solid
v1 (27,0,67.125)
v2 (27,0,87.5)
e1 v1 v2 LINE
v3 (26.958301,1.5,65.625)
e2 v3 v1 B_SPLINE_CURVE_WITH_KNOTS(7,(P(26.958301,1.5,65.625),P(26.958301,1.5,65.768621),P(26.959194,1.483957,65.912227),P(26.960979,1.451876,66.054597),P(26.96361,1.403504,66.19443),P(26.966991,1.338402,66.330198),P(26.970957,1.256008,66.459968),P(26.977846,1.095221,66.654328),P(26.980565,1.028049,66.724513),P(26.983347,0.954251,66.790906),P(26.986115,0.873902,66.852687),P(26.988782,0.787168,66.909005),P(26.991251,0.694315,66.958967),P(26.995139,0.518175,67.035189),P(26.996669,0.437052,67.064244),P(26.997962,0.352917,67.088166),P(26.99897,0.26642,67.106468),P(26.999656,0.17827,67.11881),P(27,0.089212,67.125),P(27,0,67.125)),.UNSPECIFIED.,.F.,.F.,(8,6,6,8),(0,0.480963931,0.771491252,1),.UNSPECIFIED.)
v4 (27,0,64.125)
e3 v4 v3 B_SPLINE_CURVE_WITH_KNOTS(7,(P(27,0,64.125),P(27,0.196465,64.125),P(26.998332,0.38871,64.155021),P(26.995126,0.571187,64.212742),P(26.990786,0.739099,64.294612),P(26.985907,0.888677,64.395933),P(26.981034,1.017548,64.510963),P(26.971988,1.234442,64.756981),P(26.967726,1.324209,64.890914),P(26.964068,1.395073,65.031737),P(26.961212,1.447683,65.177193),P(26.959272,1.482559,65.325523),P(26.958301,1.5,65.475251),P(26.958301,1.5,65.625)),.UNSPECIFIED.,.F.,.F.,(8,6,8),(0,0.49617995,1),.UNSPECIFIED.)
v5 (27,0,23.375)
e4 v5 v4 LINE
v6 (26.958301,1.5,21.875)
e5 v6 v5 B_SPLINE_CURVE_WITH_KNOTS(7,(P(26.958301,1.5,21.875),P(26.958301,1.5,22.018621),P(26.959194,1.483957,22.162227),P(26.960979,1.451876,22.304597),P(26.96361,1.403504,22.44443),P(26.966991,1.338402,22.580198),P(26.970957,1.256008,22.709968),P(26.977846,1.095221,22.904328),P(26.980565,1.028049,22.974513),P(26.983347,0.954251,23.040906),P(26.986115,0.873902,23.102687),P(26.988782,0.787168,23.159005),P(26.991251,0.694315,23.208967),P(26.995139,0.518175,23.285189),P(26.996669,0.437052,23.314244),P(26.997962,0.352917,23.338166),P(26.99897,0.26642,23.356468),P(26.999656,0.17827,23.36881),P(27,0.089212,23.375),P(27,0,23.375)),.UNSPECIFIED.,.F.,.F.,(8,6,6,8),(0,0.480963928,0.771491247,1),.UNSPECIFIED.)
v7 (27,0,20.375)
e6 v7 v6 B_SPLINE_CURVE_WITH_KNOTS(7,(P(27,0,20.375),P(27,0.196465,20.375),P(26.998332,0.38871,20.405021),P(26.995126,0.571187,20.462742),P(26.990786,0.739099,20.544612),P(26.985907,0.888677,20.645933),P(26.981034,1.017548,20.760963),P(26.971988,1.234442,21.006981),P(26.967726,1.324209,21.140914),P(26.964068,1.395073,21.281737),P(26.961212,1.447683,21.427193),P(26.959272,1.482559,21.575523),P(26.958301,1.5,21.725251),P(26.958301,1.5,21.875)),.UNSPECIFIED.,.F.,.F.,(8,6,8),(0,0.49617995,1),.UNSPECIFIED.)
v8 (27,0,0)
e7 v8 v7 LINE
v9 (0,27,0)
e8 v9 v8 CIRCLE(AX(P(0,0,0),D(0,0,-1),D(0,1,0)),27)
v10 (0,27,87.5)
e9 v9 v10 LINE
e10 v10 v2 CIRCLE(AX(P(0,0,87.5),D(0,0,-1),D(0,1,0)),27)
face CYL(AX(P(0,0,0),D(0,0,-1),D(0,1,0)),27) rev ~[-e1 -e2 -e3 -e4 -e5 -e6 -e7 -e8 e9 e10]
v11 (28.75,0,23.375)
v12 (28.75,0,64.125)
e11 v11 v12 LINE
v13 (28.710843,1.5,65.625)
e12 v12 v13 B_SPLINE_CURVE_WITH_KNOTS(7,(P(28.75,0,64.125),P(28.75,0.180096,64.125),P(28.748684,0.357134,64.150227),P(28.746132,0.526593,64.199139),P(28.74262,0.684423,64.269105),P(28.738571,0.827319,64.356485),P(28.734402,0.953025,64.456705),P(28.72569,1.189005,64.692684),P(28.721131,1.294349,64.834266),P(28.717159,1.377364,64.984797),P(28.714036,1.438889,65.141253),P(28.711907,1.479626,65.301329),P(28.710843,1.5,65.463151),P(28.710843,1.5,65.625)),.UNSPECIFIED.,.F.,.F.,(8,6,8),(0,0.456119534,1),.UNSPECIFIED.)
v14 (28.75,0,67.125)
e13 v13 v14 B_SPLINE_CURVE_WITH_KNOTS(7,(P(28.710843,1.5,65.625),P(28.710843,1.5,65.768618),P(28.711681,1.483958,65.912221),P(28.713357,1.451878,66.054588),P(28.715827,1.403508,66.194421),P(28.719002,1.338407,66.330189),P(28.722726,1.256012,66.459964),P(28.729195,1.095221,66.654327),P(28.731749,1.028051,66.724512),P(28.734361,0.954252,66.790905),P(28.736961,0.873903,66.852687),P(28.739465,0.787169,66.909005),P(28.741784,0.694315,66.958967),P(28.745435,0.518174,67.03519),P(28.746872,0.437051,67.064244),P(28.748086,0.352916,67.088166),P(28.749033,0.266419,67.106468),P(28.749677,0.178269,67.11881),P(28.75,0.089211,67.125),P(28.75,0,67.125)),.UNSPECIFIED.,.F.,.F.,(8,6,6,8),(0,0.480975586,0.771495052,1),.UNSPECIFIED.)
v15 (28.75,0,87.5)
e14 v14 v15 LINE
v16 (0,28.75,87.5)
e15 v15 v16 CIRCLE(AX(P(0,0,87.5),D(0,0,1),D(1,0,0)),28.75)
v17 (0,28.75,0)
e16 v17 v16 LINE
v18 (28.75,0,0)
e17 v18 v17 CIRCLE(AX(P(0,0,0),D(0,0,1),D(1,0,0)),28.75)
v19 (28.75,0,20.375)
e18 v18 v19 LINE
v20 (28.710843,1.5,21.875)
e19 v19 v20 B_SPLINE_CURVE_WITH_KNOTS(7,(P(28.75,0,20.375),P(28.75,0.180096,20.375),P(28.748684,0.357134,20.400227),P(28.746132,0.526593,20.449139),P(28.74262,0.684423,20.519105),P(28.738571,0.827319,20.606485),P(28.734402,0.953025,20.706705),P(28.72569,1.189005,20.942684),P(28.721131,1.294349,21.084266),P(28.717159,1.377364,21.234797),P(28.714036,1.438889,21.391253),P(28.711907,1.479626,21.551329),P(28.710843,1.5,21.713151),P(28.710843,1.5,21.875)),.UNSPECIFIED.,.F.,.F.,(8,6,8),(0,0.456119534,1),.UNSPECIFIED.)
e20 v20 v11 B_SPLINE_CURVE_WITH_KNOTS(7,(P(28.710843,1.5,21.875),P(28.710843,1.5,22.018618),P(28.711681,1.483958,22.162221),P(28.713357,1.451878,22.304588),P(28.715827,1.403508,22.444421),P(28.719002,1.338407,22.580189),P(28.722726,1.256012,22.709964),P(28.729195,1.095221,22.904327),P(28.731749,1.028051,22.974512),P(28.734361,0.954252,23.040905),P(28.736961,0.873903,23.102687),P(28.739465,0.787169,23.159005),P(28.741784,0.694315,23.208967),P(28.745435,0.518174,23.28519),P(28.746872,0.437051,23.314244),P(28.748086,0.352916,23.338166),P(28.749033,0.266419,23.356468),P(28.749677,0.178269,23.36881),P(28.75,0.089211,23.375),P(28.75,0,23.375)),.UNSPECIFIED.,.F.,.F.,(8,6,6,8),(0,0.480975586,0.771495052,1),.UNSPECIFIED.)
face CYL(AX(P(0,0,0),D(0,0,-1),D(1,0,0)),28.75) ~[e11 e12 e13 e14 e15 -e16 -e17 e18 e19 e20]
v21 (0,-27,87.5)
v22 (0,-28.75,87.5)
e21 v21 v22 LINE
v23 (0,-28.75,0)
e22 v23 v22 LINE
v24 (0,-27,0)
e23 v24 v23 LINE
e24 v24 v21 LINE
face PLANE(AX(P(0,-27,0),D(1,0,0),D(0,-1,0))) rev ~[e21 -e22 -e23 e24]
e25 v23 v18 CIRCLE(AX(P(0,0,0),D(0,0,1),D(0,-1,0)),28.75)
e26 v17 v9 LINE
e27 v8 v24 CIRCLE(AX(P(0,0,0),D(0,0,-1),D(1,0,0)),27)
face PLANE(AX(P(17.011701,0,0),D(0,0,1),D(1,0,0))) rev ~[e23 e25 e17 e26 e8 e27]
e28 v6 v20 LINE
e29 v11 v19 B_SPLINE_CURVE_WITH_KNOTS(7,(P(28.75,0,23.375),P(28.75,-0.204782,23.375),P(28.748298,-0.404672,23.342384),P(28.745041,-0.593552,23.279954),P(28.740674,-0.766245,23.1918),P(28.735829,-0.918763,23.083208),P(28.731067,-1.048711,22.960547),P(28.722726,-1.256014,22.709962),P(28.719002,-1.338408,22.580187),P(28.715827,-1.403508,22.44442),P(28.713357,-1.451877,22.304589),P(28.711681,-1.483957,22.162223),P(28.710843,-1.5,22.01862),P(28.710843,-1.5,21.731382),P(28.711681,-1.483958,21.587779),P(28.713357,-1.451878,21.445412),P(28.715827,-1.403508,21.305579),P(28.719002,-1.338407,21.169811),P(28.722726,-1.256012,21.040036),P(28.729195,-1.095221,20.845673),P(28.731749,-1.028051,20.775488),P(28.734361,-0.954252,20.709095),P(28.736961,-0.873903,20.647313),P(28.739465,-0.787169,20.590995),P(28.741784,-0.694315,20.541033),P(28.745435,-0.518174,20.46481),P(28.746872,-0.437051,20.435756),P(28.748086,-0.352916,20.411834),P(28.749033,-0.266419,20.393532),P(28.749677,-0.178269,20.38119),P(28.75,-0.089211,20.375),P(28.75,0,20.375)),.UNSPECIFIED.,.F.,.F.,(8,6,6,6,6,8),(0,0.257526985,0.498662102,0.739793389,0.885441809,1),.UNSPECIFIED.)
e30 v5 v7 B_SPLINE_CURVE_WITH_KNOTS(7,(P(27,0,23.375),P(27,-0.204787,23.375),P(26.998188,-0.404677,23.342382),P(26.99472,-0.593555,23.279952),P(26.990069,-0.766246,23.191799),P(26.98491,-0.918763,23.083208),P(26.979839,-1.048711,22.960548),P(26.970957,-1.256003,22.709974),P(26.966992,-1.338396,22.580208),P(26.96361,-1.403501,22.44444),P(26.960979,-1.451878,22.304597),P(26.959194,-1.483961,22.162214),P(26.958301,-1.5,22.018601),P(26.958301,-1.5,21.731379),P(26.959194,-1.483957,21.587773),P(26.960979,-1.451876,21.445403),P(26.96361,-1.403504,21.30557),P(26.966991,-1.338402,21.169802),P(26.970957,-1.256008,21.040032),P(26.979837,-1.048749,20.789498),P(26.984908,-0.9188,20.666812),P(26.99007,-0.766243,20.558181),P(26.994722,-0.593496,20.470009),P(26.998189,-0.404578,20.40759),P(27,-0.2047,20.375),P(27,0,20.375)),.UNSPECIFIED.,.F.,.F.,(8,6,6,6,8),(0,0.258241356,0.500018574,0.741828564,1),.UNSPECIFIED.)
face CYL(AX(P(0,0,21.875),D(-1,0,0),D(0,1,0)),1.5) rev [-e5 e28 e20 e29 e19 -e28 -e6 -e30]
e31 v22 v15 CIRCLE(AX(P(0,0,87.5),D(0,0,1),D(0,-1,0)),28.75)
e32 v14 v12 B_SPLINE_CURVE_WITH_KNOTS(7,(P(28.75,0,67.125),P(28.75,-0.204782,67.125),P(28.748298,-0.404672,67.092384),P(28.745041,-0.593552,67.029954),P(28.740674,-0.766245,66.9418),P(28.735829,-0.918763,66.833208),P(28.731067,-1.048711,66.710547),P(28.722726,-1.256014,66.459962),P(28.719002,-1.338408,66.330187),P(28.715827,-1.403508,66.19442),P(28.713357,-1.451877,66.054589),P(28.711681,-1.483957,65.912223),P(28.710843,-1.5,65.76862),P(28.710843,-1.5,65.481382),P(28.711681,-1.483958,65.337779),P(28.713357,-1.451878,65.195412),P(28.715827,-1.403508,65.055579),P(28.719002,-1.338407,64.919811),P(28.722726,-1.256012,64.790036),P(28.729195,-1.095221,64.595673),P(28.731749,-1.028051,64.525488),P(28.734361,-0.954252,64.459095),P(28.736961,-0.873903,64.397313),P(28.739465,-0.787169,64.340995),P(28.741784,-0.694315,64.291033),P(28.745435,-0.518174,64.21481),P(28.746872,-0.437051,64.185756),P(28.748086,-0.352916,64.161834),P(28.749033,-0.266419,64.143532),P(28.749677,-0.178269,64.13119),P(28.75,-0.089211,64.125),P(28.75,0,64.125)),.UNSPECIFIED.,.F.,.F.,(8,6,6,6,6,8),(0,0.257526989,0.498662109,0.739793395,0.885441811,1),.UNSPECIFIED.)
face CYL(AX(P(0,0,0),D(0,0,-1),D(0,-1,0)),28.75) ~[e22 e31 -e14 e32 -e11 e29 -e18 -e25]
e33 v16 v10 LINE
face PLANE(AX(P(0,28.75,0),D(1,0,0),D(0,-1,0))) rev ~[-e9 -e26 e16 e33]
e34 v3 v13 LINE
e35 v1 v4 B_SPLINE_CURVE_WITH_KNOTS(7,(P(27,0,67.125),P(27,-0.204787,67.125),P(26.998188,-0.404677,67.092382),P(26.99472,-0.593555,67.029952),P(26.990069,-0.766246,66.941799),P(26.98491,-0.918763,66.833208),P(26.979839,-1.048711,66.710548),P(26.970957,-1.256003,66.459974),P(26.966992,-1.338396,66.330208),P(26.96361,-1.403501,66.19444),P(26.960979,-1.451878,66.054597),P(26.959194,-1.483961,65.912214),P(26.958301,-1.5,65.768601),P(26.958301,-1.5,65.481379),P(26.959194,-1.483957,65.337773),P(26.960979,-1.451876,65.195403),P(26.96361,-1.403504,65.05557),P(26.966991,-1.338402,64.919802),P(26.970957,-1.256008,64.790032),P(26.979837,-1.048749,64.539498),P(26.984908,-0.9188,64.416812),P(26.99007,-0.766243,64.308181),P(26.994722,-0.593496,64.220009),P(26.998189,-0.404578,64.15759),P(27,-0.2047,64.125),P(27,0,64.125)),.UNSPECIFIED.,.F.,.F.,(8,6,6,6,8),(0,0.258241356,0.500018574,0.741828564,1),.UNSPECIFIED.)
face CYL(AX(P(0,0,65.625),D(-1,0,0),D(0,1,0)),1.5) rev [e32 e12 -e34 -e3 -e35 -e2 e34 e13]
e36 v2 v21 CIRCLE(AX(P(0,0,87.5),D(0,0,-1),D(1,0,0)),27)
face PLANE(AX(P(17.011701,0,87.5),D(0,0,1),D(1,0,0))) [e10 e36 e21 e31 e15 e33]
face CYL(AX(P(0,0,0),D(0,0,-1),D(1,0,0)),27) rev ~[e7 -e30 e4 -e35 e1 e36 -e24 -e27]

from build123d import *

# Parameters (mm, degrees)
F1_DEPTH = 87.5
F3_R     = 1.5
F4_DEPTH = 28.751


with BuildPart() as f1:
    # F0 (on Top) → F1 (new body)
    with BuildSketch(Plane.XY):
        with BuildLine():
            ThreePointArc((0, -28.75), (20.3293199591, -20.3293199591), (28.75, 0))
            ThreePointArc((28.75, 0), (20.3293199591, 20.3293199591), (0, 28.75))
            Line((0, 28.75), (0, 27))
            ThreePointArc((0, 27), (19.091883092, 19.091883092), (27, 0))
            ThreePointArc((27, 0), (19.091883092, -19.091883092), (0, -27))
            Line((0, -27), (0, -28.75))
        make_face()
    extrude(amount=F1_DEPTH)

    # F3 (on Right) → F4 (cut, through all)
    with BuildSketch(Plane.YZ):
        with Locations((0, 65.625)):
            Circle(F3_R)
        with Locations((0, 21.875)):
            Circle(F3_R)
    extrude(amount=F4_DEPTH, mode=Mode.SUBTRACT)


solid = f1.part
